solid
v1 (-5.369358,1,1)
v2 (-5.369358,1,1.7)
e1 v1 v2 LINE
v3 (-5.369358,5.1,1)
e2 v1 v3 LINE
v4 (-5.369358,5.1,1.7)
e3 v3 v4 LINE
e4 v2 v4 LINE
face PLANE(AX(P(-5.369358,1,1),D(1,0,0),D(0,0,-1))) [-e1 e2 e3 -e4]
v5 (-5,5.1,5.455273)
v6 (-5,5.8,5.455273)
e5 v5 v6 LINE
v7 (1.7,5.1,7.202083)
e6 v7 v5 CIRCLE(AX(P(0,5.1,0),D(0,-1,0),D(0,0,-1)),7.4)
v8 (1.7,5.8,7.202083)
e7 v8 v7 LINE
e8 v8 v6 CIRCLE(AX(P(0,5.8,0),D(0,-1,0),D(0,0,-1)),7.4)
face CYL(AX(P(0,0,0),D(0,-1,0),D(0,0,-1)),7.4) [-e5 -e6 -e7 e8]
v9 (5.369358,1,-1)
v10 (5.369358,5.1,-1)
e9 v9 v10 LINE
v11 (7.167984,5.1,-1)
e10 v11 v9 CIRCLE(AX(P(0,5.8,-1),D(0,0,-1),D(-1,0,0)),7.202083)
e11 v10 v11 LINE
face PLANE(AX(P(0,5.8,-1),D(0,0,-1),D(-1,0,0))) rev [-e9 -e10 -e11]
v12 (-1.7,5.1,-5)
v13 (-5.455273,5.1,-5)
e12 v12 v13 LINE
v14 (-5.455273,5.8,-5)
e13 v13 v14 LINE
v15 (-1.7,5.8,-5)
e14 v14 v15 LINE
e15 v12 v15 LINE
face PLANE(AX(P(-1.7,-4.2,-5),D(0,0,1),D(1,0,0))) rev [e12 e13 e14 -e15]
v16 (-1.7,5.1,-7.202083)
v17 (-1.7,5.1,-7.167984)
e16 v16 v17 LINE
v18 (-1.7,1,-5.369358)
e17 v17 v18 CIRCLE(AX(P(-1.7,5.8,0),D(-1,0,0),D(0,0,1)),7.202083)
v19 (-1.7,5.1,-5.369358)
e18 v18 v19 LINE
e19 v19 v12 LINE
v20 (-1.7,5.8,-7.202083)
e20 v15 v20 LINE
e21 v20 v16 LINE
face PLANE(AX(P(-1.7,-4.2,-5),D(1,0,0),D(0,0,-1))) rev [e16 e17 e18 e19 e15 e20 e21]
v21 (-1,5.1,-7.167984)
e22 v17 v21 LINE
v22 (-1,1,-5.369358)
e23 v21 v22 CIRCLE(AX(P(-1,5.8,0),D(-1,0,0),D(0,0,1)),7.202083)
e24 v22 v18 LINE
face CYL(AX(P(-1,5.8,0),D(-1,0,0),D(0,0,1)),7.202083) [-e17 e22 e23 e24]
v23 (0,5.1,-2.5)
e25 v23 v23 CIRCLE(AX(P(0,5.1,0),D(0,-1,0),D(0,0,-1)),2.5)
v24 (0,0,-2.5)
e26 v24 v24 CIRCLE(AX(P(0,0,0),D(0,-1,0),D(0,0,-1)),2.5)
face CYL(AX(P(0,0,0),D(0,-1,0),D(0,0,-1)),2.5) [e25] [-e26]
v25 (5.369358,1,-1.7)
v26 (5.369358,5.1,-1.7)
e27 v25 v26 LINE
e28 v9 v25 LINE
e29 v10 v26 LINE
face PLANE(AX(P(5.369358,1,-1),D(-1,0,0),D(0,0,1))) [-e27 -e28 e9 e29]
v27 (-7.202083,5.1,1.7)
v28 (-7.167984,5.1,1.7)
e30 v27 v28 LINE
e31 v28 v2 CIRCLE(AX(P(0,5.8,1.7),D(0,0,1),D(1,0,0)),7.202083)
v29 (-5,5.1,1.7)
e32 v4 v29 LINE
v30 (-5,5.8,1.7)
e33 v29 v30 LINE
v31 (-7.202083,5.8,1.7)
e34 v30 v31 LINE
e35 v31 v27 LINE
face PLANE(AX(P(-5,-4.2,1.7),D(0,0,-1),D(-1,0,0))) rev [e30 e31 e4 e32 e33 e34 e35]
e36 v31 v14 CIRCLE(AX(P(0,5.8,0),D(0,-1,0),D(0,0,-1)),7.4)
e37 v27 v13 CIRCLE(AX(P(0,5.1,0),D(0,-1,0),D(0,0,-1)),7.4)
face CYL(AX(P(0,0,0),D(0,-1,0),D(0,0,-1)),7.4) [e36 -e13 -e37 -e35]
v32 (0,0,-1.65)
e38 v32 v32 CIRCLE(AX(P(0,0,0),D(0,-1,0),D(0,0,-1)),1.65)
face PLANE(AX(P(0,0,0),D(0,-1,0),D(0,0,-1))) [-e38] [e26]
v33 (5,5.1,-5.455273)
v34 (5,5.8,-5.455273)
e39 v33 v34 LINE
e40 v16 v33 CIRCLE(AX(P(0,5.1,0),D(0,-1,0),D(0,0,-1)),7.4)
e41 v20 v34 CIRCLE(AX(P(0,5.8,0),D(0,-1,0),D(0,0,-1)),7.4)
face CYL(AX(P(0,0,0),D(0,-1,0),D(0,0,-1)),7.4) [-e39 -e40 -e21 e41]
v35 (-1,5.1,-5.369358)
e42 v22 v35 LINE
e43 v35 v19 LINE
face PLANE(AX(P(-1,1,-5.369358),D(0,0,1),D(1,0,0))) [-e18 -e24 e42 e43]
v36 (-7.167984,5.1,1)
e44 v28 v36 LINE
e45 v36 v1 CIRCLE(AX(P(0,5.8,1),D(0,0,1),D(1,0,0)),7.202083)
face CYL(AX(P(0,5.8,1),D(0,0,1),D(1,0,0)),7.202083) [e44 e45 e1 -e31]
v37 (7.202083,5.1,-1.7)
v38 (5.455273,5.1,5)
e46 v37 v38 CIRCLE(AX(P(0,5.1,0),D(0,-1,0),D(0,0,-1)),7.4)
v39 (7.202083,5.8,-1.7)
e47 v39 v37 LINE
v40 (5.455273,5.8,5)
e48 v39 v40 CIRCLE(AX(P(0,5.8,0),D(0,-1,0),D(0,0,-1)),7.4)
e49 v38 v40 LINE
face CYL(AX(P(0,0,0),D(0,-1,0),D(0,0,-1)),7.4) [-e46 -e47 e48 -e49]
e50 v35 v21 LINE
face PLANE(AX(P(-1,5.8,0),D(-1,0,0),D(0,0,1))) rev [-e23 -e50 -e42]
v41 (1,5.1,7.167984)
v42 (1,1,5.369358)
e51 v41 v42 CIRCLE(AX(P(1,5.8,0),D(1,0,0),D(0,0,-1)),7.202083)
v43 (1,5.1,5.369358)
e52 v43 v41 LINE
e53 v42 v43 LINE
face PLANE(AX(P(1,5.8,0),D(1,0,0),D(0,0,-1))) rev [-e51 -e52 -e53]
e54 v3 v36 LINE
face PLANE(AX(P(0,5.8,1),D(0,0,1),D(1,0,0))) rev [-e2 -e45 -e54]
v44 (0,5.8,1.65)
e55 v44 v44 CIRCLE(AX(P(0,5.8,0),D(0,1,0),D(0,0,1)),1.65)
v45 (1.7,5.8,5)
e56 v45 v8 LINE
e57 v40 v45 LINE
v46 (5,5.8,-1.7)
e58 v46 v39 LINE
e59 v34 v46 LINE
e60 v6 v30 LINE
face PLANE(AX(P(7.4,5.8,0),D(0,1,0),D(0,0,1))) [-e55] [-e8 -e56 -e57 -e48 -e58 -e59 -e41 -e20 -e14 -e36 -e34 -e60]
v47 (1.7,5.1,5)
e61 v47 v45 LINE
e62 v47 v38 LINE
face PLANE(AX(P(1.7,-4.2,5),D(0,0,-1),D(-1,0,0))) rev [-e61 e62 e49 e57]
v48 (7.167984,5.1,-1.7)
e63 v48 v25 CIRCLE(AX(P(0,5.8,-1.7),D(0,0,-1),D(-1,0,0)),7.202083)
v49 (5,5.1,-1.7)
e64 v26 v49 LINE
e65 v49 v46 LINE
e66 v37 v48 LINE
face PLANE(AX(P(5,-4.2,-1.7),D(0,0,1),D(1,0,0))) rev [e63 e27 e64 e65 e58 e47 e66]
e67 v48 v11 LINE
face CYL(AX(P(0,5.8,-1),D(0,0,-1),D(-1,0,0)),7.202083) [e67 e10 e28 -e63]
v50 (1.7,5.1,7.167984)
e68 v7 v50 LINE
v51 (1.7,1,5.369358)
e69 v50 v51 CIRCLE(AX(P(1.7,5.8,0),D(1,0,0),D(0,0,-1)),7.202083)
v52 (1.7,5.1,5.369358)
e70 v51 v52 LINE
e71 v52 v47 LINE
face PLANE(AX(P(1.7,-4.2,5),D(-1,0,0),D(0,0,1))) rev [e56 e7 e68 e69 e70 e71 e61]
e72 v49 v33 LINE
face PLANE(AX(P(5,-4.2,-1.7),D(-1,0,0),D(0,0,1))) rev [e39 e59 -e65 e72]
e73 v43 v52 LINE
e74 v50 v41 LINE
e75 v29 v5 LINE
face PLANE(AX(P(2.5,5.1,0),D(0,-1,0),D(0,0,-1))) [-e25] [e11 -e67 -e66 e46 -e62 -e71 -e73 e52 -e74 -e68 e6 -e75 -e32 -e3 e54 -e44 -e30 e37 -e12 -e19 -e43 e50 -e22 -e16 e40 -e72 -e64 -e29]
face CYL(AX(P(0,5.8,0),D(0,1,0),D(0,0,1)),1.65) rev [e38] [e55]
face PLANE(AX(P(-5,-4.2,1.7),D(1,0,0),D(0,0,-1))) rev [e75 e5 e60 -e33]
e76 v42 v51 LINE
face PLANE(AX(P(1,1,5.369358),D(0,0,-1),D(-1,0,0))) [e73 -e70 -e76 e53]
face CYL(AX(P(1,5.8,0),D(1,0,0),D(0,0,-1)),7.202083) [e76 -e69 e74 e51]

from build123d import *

# Parameters (mm, degrees)
TROU_TARAUD_M41_D            = 3.3
TROU_TARAUD_M41_DEPTH        = 11.5
TROU_TARAUD_M41_TIP          = 0.991420021
ESQUISSE4_W                  = 5.010008652
ESQUISSE4_H                  = 3.395361839
ESQUISSE4_W_2                = 3.395361839
ESQUISSE4_H_2                = 5.010008652
ENL_V_MAT_EXTRU_1_DEPTH      = 10
BOSS_EXTRU_1_DEPTH           = 0.7
R_P_TITION_CIRCULAIRE1_COUNT = 4


with BuildPart() as part:
    # Esquisse1 → Révolution1 (revolve)
    with BuildSketch(Plane.XY, mode=Mode.PRIVATE) as r_volution1_sk:
        Polygon((0, 0), (2.5, 0), (2.5, 5.1), (7.4, 5.1), (7.4, 5.8), (0, 5.8), align=None)
    revolve(r_volution1_sk.sketch.rotate(Axis((0, 0, 0), (0, 1, 0)), 90), axis=Axis((0, 0, 0), (0, 1, 0)))

    # Trou taraudé M41
    with Locations(Plane(origin=(0, 5.8, 0), x_dir=(1, 0, 0), z_dir=(0, 1, 0))):
        with Locations((0, 0)):
            Hole(TROU_TARAUD_M41_D / 2, depth=TROU_TARAUD_M41_DEPTH)
            with Locations((0, 0, -(TROU_TARAUD_M41_DEPTH + TROU_TARAUD_M41_TIP / 2))):  # 118° drill point
                Cone(0, TROU_TARAUD_M41_D / 2, TROU_TARAUD_M41_TIP, mode=Mode.SUBTRACT)

    # Esquisse4 → Enlèv. mat.-Extru.1 (cut)
    with BuildSketch(Plane(origin=(0, 5.8, 0), x_dir=(1, 0, 0), z_dir=(0, 1, 0))):
        with Locations((4.205004326, -6.69768092)):
            Rectangle(ESQUISSE4_W, ESQUISSE4_H)
        with Locations((6.69768092, 4.205004326)):
            Rectangle(ESQUISSE4_W_2, ESQUISSE4_H_2)
        with Locations((-6.69768092, -4.205004326)):
            Rectangle(ESQUISSE4_W_2, ESQUISSE4_H_2)
        with Locations((-4.205004326, 6.69768092)):
            Rectangle(ESQUISSE4_W, ESQUISSE4_H)
    extrude(amount=-ENL_V_MAT_EXTRU_1_DEPTH, mode=Mode.SUBTRACT)

    # Esquisse5 → Boss.-Extru.1 (add)
    with BuildSketch(Plane(origin=(0, 0, -1.7), x_dir=(-1, 0, 0), z_dir=(0, 0, -1))):
        with BuildLine():
            Line((-5.369357503, 1), (-5.369357503, 5.8))
            Line((-5.369357503, 5.8), (-7.202083032, 5.8))
            ThreePointArc((-7.202083032, 5.8), (-6.728319202, 3.23100784), (-5.369357503, 1))
        make_face()
    boss_extru_1 = extrude(amount=-BOSS_EXTRU_1_DEPTH)

    # Répétition circulaire1: Boss.-Extru.1 ×4 about axis
    r_p_tition_circulaire1_axis = Axis((0, 0, 0), (0, 1, 0))
    for i in range(1, R_P_TITION_CIRCULAIRE1_COUNT):
        add(boss_extru_1.rotate(r_p_tition_circulaire1_axis, i * 360 / R_P_TITION_CIRCULAIRE1_COUNT))


solid = part.part
